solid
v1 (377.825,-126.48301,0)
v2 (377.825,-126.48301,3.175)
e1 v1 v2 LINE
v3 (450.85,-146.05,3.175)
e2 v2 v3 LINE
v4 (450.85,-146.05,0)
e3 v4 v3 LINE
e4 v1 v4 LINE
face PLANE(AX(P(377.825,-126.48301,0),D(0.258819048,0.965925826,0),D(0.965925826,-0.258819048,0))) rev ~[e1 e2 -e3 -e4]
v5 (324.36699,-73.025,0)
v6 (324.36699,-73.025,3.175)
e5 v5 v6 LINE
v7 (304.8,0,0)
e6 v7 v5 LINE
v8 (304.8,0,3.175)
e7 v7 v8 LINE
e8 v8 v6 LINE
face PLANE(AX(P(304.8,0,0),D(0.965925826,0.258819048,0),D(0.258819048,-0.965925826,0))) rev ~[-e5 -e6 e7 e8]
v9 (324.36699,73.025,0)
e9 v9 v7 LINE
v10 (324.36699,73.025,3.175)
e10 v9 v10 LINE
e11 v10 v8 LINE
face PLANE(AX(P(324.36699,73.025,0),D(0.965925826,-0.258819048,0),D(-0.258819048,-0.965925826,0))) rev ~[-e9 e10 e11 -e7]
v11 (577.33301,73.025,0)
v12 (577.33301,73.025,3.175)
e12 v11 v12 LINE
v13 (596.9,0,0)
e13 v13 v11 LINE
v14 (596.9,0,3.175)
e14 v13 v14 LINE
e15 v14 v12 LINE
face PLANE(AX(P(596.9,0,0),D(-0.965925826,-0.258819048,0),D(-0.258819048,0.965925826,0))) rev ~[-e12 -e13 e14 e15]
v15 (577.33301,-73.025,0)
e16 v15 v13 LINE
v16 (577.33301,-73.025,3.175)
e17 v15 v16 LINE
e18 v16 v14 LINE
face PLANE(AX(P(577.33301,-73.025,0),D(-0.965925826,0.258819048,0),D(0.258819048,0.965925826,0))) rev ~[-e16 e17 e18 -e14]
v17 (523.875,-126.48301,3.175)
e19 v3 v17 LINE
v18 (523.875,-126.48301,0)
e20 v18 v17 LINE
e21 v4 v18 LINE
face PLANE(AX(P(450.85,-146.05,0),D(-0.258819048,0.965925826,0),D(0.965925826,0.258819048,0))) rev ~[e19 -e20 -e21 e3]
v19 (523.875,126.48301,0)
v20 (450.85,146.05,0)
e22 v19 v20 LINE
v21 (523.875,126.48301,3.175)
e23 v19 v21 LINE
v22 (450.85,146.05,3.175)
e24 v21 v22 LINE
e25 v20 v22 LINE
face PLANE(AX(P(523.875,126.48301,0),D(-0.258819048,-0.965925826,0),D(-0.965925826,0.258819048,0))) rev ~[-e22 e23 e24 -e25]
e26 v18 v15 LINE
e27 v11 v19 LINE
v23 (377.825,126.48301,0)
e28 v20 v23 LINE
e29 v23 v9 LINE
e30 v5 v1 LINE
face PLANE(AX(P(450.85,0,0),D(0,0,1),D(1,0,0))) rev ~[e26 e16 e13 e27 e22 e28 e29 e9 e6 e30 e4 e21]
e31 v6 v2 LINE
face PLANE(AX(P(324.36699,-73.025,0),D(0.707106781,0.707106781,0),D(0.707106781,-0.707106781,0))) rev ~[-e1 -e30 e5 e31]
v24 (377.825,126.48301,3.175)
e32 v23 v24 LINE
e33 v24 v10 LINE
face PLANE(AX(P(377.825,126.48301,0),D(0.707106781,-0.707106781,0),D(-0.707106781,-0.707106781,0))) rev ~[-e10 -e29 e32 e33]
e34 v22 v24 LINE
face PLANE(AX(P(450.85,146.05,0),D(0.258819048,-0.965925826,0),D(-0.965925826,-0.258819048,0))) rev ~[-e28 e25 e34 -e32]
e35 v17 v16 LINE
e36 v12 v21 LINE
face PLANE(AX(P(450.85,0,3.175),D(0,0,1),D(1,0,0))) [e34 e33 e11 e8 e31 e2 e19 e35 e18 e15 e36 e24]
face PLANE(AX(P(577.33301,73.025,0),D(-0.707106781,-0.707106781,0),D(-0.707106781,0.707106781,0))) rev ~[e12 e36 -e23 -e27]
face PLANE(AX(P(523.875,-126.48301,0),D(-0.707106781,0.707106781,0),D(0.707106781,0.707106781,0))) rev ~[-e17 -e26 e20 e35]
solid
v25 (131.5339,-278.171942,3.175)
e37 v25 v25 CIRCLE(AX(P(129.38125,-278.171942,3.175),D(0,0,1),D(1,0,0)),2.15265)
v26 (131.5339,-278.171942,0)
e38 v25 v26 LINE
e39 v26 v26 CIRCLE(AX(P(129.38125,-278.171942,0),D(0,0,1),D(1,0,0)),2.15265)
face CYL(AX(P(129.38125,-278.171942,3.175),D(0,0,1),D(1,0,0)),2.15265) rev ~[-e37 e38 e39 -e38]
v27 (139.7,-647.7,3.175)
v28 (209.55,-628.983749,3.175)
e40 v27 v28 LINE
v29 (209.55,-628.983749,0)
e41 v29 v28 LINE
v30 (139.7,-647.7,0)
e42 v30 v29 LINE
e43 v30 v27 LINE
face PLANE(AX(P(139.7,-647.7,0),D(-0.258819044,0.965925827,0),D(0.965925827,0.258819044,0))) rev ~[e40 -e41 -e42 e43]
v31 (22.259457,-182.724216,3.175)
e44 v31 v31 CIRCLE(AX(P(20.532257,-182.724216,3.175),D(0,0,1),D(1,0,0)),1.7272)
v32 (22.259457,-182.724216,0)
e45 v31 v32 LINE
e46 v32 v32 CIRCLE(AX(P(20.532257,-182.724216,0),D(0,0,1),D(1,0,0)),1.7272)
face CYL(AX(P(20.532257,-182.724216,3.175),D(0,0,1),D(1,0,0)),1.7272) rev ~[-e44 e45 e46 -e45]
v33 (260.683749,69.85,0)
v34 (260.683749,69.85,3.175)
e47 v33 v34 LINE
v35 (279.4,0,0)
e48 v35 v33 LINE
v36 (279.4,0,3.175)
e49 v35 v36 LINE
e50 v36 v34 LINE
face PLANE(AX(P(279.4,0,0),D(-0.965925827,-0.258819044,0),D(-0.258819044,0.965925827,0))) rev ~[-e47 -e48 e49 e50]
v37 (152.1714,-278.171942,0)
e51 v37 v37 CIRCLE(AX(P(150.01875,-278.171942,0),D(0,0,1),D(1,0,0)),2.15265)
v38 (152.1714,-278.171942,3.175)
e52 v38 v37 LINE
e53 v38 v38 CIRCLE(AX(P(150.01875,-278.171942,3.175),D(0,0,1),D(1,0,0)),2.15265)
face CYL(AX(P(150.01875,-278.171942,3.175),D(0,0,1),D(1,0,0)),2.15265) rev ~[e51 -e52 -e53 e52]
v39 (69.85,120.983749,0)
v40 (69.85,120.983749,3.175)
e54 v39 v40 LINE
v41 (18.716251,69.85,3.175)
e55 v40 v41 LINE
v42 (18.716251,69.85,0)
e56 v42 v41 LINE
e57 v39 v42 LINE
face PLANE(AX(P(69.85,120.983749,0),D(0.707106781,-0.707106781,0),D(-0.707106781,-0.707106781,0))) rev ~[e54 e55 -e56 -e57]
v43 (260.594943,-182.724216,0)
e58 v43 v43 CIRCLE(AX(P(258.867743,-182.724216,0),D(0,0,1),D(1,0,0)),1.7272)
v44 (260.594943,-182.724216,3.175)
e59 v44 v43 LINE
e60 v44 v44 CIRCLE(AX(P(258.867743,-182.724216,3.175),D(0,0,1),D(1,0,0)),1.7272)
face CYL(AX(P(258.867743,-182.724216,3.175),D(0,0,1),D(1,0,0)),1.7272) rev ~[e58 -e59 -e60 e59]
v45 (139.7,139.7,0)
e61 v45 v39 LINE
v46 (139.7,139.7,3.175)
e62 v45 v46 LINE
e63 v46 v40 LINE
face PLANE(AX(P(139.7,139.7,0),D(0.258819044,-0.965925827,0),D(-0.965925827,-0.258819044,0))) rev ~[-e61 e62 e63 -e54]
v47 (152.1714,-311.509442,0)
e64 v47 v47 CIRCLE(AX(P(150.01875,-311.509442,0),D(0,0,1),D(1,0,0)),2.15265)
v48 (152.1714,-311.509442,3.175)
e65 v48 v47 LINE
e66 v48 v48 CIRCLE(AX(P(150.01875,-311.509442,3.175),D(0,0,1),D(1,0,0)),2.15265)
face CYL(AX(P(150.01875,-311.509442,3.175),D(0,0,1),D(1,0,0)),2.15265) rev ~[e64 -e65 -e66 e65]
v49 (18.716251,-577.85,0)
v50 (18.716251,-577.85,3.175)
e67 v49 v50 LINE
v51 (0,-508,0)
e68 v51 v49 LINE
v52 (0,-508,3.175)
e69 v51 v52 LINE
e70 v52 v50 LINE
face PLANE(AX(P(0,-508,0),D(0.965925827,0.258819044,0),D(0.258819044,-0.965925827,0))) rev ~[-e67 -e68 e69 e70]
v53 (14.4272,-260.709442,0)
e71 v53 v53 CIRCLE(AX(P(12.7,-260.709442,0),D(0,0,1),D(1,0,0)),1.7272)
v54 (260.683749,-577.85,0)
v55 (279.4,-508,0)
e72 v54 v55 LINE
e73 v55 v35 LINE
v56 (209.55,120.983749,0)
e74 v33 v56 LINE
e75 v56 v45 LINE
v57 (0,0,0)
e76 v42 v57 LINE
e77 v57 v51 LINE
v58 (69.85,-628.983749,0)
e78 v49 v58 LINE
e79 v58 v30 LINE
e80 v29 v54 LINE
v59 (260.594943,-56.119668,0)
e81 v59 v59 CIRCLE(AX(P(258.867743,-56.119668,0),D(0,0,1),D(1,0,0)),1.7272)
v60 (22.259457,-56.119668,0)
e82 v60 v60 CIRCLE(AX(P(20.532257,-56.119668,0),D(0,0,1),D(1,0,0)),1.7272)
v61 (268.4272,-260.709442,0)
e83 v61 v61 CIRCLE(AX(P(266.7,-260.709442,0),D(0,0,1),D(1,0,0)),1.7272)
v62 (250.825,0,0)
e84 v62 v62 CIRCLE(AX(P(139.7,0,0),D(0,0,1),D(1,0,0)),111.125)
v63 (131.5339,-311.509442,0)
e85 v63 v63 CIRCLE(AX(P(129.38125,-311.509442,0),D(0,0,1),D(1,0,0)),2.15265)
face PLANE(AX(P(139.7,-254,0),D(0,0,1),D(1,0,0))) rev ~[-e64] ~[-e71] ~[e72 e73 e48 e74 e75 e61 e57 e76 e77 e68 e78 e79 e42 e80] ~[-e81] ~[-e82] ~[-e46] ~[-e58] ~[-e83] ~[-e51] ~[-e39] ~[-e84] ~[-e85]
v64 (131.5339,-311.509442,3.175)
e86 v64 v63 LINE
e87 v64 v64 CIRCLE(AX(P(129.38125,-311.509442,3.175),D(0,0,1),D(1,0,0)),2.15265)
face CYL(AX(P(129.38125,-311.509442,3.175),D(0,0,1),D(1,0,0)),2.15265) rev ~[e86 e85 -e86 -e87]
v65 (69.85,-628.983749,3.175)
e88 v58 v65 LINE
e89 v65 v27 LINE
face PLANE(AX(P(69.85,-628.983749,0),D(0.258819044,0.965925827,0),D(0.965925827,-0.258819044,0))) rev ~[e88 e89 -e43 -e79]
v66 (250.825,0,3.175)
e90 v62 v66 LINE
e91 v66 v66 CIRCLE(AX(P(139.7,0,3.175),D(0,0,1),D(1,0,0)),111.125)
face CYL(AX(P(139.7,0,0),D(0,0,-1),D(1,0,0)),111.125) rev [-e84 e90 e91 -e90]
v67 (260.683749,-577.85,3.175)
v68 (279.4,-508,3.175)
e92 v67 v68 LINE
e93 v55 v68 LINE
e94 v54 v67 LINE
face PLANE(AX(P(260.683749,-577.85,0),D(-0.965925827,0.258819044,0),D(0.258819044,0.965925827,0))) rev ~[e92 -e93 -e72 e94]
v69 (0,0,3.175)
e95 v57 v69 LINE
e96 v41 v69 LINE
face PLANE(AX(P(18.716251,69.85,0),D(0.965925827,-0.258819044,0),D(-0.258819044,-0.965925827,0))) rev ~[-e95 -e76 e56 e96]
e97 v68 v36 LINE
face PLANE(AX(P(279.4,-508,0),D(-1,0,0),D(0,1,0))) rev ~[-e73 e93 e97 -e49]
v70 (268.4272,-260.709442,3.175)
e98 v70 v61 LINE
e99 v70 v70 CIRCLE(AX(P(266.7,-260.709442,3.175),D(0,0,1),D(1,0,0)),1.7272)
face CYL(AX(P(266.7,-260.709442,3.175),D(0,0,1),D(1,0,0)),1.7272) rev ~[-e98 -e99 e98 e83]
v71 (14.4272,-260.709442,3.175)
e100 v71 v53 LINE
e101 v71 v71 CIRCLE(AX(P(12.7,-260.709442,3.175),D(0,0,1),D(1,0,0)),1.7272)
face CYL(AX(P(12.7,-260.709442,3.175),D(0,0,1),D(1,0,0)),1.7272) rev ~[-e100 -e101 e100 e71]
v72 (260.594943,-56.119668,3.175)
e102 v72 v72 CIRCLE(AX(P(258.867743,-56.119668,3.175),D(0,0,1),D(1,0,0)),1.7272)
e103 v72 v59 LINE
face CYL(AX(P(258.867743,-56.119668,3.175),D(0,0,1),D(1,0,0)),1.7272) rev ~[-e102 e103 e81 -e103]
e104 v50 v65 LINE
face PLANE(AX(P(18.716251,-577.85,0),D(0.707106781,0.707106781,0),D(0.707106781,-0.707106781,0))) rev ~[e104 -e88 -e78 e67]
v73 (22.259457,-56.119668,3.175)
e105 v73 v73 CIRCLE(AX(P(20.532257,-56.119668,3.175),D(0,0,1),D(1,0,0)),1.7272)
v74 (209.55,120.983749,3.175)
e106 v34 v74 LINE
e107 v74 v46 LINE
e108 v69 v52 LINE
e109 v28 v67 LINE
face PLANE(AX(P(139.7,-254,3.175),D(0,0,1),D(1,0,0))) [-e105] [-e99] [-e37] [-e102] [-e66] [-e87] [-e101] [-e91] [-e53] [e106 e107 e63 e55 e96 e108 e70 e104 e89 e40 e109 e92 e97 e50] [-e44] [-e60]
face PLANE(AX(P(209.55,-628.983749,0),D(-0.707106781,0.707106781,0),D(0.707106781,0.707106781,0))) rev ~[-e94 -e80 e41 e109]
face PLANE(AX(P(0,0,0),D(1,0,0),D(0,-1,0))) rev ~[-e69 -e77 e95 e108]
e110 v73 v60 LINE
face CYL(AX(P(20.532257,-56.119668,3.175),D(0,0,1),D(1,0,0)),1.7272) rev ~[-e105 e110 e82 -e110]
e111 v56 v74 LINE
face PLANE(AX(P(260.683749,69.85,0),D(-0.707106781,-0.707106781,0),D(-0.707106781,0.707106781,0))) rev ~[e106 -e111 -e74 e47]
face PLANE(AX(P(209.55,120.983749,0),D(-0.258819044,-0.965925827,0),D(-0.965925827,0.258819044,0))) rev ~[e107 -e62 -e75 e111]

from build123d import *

# Parameters (mm, degrees)
F0_R     = 111.125
F1_DEPTH = 3.175
F2_R     = 20.6375
F2_R_2   = 1.7272
F2_R_3   = 2.15265
F3_DEPTH = 3.175


with BuildPart() as f1:
    # F0 (on Top) → F1 (new body)
    with BuildSketch(Plane.XY):
        Polygon((279.4, -508), (279.4, 0), (260.683749, 69.85), (209.55, 120.983749), (139.7, 139.7), (69.85, 120.983749), (18.716251, 69.85), (0, 0), (0, -508), (18.716251, -577.85), (69.85, -628.983749), (139.7, -647.7), (209.55, -628.983749), (260.683749, -577.85), align=None)
        with Locations((139.7, 0)):
            Circle(F0_R, mode=Mode.SUBTRACT)
        Polygon((450.85, -146.05), (523.875, -126.48301), (577.33301, -73.025), (596.9, 0), (577.33301, 73.025), (523.875, 126.48301), (450.85, 146.05), (377.825, 126.48301), (324.36699, 73.025), (304.8, 0), (324.36699, -73.025), (377.825, -126.48301), align=None)
    extrude(amount=F1_DEPTH)

    # F2 (on face) → F3 (cut, through all)
    with BuildSketch(Plane.XY.offset(3.175)):
        with Locations((139.7, 70.711917)):
            Circle(F2_R)
        with Locations((258.867743, -56.119668)):
            Circle(F2_R_2)
        with Locations((258.867743, -182.724216)):
            Circle(F2_R_2)
        with Locations((110.33125, 41.343167)):
            Circle(F2_R_2)
        with Locations((169.06875, 41.343167)):
            Circle(F2_R_2)
        with Locations((169.06875, 100.080667)):
            Circle(F2_R_2)
        with Locations((110.33125, 100.080667)):
            Circle(F2_R_2)
        with Locations((20.532257, -182.724216)):
            Circle(F2_R_2)
        with Locations((20.532257, -56.119668)):
            Circle(F2_R_2)
        with Locations((266.7, -260.709442)):
            Circle(F2_R_2)
        with Locations((12.7, -260.709442)):
            Circle(F2_R_2)
        with Locations((150.01875, -311.509442)):
            Circle(F2_R_3)
        with Locations((129.38125, -311.509442)):
            Circle(F2_R_3)
        with Locations((129.38125, -278.171942)):
            Circle(F2_R_3)
        with Locations((150.01875, -278.171942)):
            Circle(F2_R_3)
    extrude(amount=-F3_DEPTH, mode=Mode.SUBTRACT)


solid = f1.part
